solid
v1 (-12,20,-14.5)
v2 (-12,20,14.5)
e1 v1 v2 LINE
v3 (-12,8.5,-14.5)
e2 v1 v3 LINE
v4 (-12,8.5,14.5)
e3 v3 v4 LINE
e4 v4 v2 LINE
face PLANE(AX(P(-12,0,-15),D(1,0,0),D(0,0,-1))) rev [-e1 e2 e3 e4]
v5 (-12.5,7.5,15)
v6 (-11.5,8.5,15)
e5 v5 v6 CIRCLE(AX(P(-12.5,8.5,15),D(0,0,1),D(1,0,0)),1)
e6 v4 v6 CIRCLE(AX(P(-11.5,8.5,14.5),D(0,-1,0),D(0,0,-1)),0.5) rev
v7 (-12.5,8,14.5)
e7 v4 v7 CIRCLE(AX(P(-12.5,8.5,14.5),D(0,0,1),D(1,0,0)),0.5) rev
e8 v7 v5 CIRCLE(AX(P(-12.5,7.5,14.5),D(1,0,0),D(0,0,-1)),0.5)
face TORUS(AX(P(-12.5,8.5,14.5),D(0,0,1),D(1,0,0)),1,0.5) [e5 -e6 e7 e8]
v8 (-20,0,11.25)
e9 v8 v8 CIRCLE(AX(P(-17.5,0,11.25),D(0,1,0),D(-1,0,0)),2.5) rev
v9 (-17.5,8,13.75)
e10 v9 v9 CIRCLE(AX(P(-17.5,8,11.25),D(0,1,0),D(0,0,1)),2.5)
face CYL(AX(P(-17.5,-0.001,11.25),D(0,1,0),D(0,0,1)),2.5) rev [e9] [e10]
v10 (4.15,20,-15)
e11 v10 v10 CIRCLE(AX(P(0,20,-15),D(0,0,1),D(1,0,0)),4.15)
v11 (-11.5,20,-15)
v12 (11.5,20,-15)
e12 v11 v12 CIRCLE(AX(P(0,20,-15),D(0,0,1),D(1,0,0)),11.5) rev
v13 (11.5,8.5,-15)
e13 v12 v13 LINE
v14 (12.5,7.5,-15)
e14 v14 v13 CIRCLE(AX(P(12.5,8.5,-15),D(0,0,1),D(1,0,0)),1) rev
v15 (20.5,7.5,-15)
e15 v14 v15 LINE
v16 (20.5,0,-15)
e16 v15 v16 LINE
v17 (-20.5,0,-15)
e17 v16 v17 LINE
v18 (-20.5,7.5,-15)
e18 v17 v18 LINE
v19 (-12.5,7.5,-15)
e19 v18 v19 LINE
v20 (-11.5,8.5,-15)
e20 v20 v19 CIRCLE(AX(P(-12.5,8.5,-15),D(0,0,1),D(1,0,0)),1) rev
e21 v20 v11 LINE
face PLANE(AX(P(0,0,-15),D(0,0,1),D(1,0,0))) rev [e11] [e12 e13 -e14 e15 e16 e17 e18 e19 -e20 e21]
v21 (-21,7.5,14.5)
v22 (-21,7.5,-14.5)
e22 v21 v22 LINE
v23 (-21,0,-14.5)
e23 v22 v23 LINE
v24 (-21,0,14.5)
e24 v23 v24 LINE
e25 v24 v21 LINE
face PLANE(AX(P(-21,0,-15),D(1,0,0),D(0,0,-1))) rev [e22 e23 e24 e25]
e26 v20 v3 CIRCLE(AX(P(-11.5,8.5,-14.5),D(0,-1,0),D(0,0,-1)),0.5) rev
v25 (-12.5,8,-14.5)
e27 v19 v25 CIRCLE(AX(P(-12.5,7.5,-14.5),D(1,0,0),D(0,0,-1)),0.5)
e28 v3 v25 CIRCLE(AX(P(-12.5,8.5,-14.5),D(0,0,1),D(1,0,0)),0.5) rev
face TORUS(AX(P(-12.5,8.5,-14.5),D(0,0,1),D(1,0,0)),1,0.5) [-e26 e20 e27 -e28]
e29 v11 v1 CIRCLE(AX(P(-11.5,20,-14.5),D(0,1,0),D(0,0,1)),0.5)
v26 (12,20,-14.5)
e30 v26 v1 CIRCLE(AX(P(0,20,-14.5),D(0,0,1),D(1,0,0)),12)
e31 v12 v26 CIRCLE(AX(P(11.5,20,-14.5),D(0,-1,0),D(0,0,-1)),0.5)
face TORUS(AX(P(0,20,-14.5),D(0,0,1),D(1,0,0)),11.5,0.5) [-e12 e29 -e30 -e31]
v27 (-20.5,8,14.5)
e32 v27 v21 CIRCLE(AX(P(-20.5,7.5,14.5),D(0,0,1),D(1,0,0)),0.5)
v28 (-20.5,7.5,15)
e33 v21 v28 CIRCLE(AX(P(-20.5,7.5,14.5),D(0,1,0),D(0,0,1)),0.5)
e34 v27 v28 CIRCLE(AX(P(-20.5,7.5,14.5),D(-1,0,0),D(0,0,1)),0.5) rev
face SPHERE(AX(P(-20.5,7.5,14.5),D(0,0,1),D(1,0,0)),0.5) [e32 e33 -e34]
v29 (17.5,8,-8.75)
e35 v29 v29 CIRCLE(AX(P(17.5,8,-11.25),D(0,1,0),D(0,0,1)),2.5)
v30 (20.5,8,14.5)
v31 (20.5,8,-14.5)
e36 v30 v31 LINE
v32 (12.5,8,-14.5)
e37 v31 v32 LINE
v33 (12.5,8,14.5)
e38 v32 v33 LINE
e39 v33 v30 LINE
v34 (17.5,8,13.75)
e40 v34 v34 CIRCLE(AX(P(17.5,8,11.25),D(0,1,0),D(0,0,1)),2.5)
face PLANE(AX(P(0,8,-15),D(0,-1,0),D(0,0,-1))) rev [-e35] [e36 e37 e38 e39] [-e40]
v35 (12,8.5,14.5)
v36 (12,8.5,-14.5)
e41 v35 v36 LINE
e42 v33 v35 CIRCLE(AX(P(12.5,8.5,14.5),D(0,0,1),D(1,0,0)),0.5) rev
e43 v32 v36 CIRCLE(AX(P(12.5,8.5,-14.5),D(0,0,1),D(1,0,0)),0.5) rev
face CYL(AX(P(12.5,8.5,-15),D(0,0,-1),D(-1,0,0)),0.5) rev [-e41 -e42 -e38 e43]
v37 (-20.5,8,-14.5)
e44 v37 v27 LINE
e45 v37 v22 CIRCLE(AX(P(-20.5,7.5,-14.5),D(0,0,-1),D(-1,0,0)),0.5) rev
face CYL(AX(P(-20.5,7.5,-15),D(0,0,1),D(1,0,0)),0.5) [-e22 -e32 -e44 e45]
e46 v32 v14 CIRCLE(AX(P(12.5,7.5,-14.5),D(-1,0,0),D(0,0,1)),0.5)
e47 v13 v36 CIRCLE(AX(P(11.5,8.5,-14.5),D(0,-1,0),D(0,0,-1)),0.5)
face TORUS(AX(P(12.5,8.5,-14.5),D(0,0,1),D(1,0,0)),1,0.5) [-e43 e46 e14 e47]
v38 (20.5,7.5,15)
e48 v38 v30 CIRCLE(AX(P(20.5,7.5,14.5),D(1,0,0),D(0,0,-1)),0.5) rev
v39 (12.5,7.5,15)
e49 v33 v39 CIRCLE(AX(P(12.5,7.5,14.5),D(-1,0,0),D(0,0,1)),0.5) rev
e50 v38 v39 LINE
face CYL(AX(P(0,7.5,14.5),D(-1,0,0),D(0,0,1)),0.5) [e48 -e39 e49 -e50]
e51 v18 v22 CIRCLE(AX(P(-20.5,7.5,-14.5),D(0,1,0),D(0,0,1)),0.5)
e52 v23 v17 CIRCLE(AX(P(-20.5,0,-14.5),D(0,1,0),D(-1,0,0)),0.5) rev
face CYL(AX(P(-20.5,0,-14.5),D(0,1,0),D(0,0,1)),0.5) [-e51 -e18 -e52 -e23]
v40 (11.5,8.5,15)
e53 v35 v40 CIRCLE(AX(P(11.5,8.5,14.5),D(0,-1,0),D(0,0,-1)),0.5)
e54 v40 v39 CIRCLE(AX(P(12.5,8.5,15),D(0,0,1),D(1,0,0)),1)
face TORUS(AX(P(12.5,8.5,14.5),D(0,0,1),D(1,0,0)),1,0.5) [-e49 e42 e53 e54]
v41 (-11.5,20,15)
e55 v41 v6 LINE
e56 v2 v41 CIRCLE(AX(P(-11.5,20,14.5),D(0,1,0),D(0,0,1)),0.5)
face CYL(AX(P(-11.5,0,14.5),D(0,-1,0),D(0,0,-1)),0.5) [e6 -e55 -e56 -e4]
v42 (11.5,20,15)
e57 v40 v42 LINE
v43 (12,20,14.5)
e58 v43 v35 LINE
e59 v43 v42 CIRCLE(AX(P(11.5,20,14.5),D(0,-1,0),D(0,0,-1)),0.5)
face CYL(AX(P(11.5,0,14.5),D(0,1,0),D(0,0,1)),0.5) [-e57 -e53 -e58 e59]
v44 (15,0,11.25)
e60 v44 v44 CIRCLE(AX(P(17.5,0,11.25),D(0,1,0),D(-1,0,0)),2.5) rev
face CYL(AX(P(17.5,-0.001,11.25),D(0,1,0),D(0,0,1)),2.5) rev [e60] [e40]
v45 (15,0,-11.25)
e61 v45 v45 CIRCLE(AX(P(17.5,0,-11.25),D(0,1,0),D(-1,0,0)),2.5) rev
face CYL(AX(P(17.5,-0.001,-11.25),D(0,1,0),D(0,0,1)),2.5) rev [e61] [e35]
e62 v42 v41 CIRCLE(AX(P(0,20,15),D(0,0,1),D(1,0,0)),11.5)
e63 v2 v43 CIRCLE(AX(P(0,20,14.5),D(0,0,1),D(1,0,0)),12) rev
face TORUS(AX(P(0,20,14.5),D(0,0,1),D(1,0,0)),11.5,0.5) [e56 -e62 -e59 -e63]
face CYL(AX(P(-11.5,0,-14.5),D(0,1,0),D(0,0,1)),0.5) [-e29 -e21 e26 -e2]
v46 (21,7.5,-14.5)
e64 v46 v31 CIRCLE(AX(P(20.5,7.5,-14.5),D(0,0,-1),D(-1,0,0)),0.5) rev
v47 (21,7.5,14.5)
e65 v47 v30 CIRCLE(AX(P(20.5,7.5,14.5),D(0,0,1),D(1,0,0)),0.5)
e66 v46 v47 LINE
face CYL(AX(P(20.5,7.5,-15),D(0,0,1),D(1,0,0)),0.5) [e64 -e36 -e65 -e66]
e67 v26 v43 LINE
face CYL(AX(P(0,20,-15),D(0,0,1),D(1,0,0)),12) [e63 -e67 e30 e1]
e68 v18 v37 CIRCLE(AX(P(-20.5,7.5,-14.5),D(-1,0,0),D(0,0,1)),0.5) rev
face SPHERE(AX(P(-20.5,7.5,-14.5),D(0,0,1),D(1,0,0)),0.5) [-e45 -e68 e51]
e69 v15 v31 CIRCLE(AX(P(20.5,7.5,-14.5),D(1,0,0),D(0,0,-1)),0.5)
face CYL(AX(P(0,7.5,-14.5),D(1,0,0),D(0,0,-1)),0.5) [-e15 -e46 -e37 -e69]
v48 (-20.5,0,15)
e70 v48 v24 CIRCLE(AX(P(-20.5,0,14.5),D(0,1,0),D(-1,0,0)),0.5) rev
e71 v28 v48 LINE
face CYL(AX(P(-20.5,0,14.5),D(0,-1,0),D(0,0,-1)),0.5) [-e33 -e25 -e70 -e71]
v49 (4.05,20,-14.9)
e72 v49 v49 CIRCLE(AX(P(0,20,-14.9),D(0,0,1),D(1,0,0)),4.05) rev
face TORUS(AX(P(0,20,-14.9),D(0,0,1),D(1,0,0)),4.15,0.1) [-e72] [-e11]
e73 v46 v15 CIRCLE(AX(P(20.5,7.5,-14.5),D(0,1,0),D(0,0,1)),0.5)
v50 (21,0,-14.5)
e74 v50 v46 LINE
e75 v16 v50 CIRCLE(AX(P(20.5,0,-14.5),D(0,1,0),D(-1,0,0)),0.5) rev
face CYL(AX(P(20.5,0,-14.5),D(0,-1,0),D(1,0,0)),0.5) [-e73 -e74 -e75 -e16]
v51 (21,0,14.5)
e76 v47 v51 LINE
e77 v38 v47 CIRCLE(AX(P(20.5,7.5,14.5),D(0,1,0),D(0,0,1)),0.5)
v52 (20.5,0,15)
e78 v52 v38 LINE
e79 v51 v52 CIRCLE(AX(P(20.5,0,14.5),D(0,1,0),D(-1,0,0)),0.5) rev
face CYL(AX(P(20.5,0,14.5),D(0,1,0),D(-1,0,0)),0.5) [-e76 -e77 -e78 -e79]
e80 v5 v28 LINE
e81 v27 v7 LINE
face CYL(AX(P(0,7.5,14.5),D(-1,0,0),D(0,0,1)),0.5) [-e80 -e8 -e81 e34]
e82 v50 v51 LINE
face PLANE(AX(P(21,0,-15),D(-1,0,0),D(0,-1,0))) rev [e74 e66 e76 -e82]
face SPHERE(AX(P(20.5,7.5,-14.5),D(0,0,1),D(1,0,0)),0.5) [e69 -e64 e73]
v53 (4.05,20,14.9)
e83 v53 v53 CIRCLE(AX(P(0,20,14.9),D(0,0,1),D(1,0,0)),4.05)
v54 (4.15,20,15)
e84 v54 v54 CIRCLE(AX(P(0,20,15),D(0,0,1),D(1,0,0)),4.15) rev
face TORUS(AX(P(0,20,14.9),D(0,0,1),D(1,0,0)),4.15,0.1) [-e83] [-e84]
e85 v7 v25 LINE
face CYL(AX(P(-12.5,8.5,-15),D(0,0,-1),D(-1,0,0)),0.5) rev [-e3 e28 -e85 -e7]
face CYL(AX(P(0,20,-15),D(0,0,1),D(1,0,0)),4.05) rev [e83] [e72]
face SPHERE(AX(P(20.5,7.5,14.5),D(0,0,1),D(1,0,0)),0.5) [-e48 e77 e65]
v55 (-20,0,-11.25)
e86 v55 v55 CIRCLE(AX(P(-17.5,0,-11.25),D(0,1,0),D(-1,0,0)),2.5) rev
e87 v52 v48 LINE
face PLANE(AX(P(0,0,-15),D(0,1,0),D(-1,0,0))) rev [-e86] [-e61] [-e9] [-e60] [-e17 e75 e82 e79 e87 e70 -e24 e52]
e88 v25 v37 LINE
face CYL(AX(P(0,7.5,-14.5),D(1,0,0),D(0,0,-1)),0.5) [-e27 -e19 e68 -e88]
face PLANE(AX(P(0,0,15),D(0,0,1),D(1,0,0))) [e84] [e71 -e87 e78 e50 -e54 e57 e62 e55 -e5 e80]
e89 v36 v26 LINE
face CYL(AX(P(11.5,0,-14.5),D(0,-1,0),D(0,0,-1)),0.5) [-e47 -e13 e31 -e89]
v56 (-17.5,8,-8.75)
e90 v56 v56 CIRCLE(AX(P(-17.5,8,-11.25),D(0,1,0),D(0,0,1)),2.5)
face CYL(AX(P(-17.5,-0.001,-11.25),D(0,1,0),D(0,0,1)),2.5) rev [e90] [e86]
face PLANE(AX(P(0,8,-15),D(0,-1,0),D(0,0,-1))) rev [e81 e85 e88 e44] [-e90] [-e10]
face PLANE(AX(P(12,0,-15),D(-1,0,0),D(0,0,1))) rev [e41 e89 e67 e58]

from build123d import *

# Parameters (mm, degrees)
CROQUIS1_R              = 4.05
SALIENTE_EXTRUIR1_DEPTH = 15
CORTAR_EXTRUIR1_REACH   = 10
CROQUIS2_R              = 2.5
REDONDEO1_R             = 0.5
REDONDEO2_R             = 0.1


with BuildPart() as part:
    # Croquis1 → Saliente-Extruir1 (new body, symmetric)
    with BuildSketch(Plane.XY):
        with BuildLine():
            Line((21, 0), (-21, 0))
            Line((-21, 0), (-21, 8))
            Line((-21, 8), (-12, 8))
            Line((-12, 8), (-12, 20))
            ThreePointArc((-12, 20), (0, 32), (12, 20))
            Line((12, 20), (12, 8))
            Line((12, 8), (21, 8))
            Line((21, 8), (21, 0))
        make_face()
        with Locations((0, 20)):
            Circle(CROQUIS1_R, mode=Mode.SUBTRACT)
    extrude(amount=SALIENTE_EXTRUIR1_DEPTH, both=True)

    # Croquis2 → Cortar-Extruir1 (cut, up to next)
    with BuildSketch(Plane(origin=(0, 8, 0), x_dir=(1, 0, 0), z_dir=(0, 1, 0)), mode=Mode.PRIVATE) as cortar_extruir1_sk1:
        with Locations((-17.5, 11.25)):
            Circle(CROQUIS2_R)
    cortar_extruir1_tool1 = extrude(cortar_extruir1_sk1.sketch, amount=-CORTAR_EXTRUIR1_REACH, mode=Mode.PRIVATE) & part.part
    add(cortar_extruir1_tool1.solids().sort_by_distance((-17.5, 8, -11.25))[0], mode=Mode.SUBTRACT)
    # Croquis2 → Cortar-Extruir1 (cut, up to next)
    with BuildSketch(Plane(origin=(0, 8, 0), x_dir=(1, 0, 0), z_dir=(0, 1, 0)), mode=Mode.PRIVATE) as cortar_extruir1_sk2:
        with Locations((17.5, 11.25)):
            Circle(CROQUIS2_R)
    cortar_extruir1_tool2 = extrude(cortar_extruir1_sk2.sketch, amount=-CORTAR_EXTRUIR1_REACH, mode=Mode.PRIVATE) & part.part
    add(cortar_extruir1_tool2.solids().sort_by_distance((17.5, 8, -11.25))[0], mode=Mode.SUBTRACT)
    # Croquis2 → Cortar-Extruir1 (cut, up to next)
    with BuildSketch(Plane(origin=(0, 8, 0), x_dir=(1, 0, 0), z_dir=(0, 1, 0)), mode=Mode.PRIVATE) as cortar_extruir1_sk3:
        with Locations((-17.5, -11.25)):
            Circle(CROQUIS2_R)
    cortar_extruir1_tool3 = extrude(cortar_extruir1_sk3.sketch, amount=-CORTAR_EXTRUIR1_REACH, mode=Mode.PRIVATE) & part.part
    add(cortar_extruir1_tool3.solids().sort_by_distance((-17.5, 8, 11.25))[0], mode=Mode.SUBTRACT)
    # Croquis2 → Cortar-Extruir1 (cut, up to next)
    with BuildSketch(Plane(origin=(0, 8, 0), x_dir=(1, 0, 0), z_dir=(0, 1, 0)), mode=Mode.PRIVATE) as cortar_extruir1_sk4:
        with Locations((17.5, -11.25)):
            Circle(CROQUIS2_R)
    cortar_extruir1_tool4 = extrude(cortar_extruir1_sk4.sketch, amount=-CORTAR_EXTRUIR1_REACH, mode=Mode.PRIVATE) & part.part
    add(cortar_extruir1_tool4.solids().sort_by_distance((17.5, 8, 11.25))[0], mode=Mode.SUBTRACT)

    # Redondeo1
    redondeo1_edges = [part.edges().sort_by_distance(p)[0] for p in [
        (12, 14, -15),
        (16.5, 8, 15),
        (21, 4, 15),
        (-21, 4, 15),
        (-16.5, 8, 15),
        (-12, 14, 15),
        (0, 32, 15),
        (12, 14, 15),
        (0, 32, -15),
        (12, 8, 0),
        (21, 8, 0),
        (-21, 8, 0),
        (-12, 8, 0),
        (-12, 14, -15),
        (-16.5, 8, -15),
        (-21, 4, -15),
        (21, 4, -15),
        (16.5, 8, -15),
    ]]
    fillet(redondeo1_edges, radius=REDONDEO1_R)

    # Redondeo2
    redondeo2_edges = [part.edges().sort_by_distance(p)[0] for p in [
        (-4.05, 20, 15),
        (-4.05, 20, -15),
    ]]
    fillet(redondeo2_edges, radius=REDONDEO2_R)


solid = part.part
